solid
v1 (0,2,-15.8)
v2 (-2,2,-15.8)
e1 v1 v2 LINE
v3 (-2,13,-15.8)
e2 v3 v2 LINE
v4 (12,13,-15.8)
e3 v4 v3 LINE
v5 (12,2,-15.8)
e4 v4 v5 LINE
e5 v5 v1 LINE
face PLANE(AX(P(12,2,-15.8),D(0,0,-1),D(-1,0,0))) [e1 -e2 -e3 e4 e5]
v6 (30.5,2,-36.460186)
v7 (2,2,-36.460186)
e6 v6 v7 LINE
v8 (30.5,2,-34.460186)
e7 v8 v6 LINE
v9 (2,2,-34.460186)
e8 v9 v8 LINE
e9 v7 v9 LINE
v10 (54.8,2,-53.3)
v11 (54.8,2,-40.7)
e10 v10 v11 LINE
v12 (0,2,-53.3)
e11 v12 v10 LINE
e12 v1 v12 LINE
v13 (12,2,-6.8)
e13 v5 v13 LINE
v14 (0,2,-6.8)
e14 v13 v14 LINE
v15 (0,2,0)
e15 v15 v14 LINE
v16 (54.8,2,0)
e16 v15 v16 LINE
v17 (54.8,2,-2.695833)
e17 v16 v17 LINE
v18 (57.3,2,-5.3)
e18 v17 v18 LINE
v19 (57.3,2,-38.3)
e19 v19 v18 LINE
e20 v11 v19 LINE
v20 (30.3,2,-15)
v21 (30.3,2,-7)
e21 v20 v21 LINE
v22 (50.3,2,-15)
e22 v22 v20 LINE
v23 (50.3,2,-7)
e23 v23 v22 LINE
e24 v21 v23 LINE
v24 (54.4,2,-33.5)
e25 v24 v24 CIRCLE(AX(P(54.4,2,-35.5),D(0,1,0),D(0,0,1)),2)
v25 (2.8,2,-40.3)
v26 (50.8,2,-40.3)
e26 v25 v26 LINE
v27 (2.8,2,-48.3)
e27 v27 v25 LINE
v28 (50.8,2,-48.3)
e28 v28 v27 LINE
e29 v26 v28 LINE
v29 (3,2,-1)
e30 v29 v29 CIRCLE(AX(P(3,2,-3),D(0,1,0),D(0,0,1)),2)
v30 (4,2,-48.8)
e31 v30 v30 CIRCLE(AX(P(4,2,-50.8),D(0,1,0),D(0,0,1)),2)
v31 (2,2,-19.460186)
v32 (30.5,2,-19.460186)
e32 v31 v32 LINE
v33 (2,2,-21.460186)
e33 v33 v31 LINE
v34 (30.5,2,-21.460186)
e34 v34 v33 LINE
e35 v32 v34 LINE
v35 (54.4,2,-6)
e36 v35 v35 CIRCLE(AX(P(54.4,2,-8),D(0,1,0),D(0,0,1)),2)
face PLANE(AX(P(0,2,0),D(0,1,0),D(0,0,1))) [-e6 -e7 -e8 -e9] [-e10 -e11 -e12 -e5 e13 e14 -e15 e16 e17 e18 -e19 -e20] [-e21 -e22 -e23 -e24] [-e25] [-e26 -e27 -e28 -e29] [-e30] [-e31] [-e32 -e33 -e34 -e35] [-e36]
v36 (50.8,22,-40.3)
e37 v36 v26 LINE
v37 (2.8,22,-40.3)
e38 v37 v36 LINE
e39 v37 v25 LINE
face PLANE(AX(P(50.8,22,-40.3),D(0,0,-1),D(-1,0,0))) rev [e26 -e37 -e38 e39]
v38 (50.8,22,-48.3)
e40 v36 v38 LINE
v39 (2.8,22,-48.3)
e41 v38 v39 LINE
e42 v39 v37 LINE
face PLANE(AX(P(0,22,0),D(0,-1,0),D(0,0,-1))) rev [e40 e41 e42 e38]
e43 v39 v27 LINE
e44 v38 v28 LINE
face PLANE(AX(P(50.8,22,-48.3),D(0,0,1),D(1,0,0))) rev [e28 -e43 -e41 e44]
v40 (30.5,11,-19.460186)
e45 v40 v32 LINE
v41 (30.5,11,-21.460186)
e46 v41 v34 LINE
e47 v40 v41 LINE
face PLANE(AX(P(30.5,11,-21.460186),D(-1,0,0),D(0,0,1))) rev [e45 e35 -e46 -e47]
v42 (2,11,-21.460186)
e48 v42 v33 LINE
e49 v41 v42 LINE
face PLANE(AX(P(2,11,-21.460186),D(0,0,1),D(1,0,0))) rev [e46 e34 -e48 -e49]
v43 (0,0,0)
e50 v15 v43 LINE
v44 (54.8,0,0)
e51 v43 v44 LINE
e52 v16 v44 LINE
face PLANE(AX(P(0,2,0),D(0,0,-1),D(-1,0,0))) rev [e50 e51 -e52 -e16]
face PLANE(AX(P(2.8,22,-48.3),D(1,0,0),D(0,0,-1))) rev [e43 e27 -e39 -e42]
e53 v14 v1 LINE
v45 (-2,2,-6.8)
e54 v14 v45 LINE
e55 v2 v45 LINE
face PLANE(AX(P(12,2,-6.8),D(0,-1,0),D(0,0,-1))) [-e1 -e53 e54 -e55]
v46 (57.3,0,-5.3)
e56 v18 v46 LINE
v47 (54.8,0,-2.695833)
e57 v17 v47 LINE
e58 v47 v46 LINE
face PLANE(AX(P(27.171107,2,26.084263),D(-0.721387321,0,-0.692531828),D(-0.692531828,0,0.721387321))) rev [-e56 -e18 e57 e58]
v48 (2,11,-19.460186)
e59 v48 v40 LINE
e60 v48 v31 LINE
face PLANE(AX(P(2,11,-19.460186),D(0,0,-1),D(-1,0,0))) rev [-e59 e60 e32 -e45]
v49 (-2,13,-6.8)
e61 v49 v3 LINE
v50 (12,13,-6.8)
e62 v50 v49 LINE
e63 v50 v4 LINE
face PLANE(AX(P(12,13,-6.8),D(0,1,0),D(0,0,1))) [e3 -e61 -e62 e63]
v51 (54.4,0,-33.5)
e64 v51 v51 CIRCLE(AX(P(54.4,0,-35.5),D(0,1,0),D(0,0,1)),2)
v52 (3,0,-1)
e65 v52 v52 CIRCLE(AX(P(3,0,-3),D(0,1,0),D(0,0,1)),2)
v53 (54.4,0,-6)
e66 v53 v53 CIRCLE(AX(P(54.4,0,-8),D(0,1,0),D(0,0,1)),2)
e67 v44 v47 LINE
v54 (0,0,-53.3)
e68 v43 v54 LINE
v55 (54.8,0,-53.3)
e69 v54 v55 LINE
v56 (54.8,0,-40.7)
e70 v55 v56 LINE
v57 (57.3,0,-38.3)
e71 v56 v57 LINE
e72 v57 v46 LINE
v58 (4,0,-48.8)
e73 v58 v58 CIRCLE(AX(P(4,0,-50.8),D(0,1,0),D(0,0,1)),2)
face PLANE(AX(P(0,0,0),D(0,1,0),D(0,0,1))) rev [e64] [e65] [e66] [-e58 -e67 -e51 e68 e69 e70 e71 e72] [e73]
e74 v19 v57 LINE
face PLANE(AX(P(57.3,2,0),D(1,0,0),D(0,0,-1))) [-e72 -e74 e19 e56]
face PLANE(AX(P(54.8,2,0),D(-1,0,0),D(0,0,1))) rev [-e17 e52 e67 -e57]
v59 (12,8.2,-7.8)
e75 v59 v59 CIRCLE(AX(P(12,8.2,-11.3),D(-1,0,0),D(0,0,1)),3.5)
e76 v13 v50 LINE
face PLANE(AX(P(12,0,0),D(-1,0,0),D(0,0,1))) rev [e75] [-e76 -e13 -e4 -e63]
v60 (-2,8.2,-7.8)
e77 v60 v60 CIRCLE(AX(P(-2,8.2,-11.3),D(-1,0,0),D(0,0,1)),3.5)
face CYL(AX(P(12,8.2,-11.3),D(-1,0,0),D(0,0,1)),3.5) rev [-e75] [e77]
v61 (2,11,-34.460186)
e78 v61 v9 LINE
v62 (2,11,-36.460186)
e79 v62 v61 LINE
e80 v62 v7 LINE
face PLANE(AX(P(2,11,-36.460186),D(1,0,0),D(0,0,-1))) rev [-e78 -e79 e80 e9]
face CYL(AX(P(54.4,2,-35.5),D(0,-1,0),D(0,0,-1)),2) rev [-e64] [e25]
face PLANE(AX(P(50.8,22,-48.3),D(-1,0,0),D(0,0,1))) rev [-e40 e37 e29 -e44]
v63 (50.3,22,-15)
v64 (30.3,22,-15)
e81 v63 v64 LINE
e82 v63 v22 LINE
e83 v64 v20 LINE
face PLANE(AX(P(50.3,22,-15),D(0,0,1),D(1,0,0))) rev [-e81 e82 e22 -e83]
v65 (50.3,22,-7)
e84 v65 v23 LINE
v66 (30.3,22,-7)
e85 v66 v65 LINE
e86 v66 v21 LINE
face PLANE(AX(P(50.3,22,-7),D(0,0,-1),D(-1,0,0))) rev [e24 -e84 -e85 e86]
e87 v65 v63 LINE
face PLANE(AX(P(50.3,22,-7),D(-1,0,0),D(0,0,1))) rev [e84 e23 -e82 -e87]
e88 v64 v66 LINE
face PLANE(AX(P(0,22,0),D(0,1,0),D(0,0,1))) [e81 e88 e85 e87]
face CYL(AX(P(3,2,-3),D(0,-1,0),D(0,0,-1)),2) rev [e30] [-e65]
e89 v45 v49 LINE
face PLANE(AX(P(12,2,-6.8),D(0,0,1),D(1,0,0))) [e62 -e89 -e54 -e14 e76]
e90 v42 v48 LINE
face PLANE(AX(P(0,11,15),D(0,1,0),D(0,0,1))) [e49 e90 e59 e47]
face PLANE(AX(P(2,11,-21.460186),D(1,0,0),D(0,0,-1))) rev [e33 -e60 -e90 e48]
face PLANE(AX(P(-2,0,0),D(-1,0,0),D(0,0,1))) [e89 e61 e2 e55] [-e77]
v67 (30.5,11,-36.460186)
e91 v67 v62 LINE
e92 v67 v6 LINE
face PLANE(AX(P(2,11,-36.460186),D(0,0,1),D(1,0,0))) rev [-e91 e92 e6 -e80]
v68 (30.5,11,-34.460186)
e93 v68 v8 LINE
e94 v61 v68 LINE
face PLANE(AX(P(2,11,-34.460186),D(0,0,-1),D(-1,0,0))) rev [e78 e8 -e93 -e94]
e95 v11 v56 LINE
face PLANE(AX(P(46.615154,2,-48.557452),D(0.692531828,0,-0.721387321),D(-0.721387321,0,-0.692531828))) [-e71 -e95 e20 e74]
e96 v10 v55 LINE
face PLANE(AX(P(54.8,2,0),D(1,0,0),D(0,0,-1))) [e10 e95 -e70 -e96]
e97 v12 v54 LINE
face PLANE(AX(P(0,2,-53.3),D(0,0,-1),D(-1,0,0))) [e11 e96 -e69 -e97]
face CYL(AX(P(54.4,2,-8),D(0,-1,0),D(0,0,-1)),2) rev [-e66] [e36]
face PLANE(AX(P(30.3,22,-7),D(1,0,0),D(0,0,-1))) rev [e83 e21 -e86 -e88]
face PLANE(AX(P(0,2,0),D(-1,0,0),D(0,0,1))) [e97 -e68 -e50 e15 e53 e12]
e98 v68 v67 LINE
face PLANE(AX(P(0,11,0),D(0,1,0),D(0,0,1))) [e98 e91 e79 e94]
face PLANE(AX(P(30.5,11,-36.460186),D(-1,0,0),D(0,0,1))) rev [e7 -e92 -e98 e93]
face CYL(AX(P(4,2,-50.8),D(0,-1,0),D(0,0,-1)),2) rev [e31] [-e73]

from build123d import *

# Parameters (mm, degrees)
SKETCH1_R           = 2
BOSS_EXTRUDE1_DEPTH = 2
SKETCH2_W           = 28.5
SKETCH2_H           = 2
BOSS_EXTRUDE2_DEPTH = 9
LPATTERN1_COUNT     = 2
LPATTERN1_PITCH     = 15
SKETCH3_W           = 20
SKETCH3_H           = 8
BOSS_EXTRUDE3_DEPTH = 20
SKETCH4_W           = 48
SKETCH4_H           = 8
BOSS_EXTRUDE4_DEPTH = 20
SKETCH5_W           = 9
SKETCH5_H           = 11
SKETCH5_R           = 3.5
BOSS_EXTRUDE5_DEPTH = 14


with BuildPart() as part:
    # Sketch1 → Boss-Extrude1 (new body)
    with BuildSketch(Plane(origin=(0, 0, 0), x_dir=(1, 0, 0), z_dir=(0, 1, 0))):
        Polygon((54.8, 40.7), (54.8, 53.3), (0, 53.3), (0, 0), (54.8, 0), (54.8, 2.695833333), (57.3, 5.3), (57.3, 38.3), align=None)
        with Locations(Location((3, 3, 0), (0, 0, 270))):
            Circle(SKETCH1_R, mode=Mode.SUBTRACT)
        with Locations(Location((54.4, 8, 0), (0, 0, 270))):
            Circle(SKETCH1_R, mode=Mode.SUBTRACT)
        with Locations(Location((4, 50.8, 0), (0, 0, 270))):
            Circle(SKETCH1_R, mode=Mode.SUBTRACT)
        with Locations(Location((54.4, 35.5, 0), (0, 0, 270))):
            Circle(SKETCH1_R, mode=Mode.SUBTRACT)
    extrude(amount=BOSS_EXTRUDE1_DEPTH)

    # Sketch2 → Boss-Extrude2 (add)
    with BuildSketch(Plane(origin=(0, 2, 0), x_dir=(1, 0, 0), z_dir=(0, 1, 0))):
        with Locations((16.25, 35.460185898)):
            Rectangle(SKETCH2_W, SKETCH2_H)
    boss_extrude2 = extrude(amount=BOSS_EXTRUDE2_DEPTH)

    # LPattern1: Boss-Extrude2 ×2
    with Locations(*[(0, 0, i * LPATTERN1_PITCH) for i in range(1, LPATTERN1_COUNT)]):
        add(boss_extrude2)

    # Sketch3 → Boss-Extrude3 (add)
    with BuildSketch(Plane(origin=(0, 2, 0), x_dir=(1, 0, 0), z_dir=(0, 1, 0))):
        with Locations((40.3, 11)):
            Rectangle(SKETCH3_W, SKETCH3_H)
    extrude(amount=BOSS_EXTRUDE3_DEPTH)

    # Sketch4 → Boss-Extrude4 (add)
    with BuildSketch(Plane(origin=(0, 2, 0), x_dir=(1, 0, 0), z_dir=(0, 1, 0))):
        with Locations((26.8, 44.3)):
            Rectangle(SKETCH4_W, SKETCH4_H)
    extrude(amount=BOSS_EXTRUDE4_DEPTH)

    # Sketch5 → Boss-Extrude5 (add)
    with BuildSketch(Plane.ZY.offset(2)):
        with Locations((-11.3, 7.5)):
            Rectangle(SKETCH5_W, SKETCH5_H)
        with Locations((-11.3, 8.2)):
            Circle(SKETCH5_R, mode=Mode.SUBTRACT)
    extrude(amount=-BOSS_EXTRUDE5_DEPTH)


solid = part.part
